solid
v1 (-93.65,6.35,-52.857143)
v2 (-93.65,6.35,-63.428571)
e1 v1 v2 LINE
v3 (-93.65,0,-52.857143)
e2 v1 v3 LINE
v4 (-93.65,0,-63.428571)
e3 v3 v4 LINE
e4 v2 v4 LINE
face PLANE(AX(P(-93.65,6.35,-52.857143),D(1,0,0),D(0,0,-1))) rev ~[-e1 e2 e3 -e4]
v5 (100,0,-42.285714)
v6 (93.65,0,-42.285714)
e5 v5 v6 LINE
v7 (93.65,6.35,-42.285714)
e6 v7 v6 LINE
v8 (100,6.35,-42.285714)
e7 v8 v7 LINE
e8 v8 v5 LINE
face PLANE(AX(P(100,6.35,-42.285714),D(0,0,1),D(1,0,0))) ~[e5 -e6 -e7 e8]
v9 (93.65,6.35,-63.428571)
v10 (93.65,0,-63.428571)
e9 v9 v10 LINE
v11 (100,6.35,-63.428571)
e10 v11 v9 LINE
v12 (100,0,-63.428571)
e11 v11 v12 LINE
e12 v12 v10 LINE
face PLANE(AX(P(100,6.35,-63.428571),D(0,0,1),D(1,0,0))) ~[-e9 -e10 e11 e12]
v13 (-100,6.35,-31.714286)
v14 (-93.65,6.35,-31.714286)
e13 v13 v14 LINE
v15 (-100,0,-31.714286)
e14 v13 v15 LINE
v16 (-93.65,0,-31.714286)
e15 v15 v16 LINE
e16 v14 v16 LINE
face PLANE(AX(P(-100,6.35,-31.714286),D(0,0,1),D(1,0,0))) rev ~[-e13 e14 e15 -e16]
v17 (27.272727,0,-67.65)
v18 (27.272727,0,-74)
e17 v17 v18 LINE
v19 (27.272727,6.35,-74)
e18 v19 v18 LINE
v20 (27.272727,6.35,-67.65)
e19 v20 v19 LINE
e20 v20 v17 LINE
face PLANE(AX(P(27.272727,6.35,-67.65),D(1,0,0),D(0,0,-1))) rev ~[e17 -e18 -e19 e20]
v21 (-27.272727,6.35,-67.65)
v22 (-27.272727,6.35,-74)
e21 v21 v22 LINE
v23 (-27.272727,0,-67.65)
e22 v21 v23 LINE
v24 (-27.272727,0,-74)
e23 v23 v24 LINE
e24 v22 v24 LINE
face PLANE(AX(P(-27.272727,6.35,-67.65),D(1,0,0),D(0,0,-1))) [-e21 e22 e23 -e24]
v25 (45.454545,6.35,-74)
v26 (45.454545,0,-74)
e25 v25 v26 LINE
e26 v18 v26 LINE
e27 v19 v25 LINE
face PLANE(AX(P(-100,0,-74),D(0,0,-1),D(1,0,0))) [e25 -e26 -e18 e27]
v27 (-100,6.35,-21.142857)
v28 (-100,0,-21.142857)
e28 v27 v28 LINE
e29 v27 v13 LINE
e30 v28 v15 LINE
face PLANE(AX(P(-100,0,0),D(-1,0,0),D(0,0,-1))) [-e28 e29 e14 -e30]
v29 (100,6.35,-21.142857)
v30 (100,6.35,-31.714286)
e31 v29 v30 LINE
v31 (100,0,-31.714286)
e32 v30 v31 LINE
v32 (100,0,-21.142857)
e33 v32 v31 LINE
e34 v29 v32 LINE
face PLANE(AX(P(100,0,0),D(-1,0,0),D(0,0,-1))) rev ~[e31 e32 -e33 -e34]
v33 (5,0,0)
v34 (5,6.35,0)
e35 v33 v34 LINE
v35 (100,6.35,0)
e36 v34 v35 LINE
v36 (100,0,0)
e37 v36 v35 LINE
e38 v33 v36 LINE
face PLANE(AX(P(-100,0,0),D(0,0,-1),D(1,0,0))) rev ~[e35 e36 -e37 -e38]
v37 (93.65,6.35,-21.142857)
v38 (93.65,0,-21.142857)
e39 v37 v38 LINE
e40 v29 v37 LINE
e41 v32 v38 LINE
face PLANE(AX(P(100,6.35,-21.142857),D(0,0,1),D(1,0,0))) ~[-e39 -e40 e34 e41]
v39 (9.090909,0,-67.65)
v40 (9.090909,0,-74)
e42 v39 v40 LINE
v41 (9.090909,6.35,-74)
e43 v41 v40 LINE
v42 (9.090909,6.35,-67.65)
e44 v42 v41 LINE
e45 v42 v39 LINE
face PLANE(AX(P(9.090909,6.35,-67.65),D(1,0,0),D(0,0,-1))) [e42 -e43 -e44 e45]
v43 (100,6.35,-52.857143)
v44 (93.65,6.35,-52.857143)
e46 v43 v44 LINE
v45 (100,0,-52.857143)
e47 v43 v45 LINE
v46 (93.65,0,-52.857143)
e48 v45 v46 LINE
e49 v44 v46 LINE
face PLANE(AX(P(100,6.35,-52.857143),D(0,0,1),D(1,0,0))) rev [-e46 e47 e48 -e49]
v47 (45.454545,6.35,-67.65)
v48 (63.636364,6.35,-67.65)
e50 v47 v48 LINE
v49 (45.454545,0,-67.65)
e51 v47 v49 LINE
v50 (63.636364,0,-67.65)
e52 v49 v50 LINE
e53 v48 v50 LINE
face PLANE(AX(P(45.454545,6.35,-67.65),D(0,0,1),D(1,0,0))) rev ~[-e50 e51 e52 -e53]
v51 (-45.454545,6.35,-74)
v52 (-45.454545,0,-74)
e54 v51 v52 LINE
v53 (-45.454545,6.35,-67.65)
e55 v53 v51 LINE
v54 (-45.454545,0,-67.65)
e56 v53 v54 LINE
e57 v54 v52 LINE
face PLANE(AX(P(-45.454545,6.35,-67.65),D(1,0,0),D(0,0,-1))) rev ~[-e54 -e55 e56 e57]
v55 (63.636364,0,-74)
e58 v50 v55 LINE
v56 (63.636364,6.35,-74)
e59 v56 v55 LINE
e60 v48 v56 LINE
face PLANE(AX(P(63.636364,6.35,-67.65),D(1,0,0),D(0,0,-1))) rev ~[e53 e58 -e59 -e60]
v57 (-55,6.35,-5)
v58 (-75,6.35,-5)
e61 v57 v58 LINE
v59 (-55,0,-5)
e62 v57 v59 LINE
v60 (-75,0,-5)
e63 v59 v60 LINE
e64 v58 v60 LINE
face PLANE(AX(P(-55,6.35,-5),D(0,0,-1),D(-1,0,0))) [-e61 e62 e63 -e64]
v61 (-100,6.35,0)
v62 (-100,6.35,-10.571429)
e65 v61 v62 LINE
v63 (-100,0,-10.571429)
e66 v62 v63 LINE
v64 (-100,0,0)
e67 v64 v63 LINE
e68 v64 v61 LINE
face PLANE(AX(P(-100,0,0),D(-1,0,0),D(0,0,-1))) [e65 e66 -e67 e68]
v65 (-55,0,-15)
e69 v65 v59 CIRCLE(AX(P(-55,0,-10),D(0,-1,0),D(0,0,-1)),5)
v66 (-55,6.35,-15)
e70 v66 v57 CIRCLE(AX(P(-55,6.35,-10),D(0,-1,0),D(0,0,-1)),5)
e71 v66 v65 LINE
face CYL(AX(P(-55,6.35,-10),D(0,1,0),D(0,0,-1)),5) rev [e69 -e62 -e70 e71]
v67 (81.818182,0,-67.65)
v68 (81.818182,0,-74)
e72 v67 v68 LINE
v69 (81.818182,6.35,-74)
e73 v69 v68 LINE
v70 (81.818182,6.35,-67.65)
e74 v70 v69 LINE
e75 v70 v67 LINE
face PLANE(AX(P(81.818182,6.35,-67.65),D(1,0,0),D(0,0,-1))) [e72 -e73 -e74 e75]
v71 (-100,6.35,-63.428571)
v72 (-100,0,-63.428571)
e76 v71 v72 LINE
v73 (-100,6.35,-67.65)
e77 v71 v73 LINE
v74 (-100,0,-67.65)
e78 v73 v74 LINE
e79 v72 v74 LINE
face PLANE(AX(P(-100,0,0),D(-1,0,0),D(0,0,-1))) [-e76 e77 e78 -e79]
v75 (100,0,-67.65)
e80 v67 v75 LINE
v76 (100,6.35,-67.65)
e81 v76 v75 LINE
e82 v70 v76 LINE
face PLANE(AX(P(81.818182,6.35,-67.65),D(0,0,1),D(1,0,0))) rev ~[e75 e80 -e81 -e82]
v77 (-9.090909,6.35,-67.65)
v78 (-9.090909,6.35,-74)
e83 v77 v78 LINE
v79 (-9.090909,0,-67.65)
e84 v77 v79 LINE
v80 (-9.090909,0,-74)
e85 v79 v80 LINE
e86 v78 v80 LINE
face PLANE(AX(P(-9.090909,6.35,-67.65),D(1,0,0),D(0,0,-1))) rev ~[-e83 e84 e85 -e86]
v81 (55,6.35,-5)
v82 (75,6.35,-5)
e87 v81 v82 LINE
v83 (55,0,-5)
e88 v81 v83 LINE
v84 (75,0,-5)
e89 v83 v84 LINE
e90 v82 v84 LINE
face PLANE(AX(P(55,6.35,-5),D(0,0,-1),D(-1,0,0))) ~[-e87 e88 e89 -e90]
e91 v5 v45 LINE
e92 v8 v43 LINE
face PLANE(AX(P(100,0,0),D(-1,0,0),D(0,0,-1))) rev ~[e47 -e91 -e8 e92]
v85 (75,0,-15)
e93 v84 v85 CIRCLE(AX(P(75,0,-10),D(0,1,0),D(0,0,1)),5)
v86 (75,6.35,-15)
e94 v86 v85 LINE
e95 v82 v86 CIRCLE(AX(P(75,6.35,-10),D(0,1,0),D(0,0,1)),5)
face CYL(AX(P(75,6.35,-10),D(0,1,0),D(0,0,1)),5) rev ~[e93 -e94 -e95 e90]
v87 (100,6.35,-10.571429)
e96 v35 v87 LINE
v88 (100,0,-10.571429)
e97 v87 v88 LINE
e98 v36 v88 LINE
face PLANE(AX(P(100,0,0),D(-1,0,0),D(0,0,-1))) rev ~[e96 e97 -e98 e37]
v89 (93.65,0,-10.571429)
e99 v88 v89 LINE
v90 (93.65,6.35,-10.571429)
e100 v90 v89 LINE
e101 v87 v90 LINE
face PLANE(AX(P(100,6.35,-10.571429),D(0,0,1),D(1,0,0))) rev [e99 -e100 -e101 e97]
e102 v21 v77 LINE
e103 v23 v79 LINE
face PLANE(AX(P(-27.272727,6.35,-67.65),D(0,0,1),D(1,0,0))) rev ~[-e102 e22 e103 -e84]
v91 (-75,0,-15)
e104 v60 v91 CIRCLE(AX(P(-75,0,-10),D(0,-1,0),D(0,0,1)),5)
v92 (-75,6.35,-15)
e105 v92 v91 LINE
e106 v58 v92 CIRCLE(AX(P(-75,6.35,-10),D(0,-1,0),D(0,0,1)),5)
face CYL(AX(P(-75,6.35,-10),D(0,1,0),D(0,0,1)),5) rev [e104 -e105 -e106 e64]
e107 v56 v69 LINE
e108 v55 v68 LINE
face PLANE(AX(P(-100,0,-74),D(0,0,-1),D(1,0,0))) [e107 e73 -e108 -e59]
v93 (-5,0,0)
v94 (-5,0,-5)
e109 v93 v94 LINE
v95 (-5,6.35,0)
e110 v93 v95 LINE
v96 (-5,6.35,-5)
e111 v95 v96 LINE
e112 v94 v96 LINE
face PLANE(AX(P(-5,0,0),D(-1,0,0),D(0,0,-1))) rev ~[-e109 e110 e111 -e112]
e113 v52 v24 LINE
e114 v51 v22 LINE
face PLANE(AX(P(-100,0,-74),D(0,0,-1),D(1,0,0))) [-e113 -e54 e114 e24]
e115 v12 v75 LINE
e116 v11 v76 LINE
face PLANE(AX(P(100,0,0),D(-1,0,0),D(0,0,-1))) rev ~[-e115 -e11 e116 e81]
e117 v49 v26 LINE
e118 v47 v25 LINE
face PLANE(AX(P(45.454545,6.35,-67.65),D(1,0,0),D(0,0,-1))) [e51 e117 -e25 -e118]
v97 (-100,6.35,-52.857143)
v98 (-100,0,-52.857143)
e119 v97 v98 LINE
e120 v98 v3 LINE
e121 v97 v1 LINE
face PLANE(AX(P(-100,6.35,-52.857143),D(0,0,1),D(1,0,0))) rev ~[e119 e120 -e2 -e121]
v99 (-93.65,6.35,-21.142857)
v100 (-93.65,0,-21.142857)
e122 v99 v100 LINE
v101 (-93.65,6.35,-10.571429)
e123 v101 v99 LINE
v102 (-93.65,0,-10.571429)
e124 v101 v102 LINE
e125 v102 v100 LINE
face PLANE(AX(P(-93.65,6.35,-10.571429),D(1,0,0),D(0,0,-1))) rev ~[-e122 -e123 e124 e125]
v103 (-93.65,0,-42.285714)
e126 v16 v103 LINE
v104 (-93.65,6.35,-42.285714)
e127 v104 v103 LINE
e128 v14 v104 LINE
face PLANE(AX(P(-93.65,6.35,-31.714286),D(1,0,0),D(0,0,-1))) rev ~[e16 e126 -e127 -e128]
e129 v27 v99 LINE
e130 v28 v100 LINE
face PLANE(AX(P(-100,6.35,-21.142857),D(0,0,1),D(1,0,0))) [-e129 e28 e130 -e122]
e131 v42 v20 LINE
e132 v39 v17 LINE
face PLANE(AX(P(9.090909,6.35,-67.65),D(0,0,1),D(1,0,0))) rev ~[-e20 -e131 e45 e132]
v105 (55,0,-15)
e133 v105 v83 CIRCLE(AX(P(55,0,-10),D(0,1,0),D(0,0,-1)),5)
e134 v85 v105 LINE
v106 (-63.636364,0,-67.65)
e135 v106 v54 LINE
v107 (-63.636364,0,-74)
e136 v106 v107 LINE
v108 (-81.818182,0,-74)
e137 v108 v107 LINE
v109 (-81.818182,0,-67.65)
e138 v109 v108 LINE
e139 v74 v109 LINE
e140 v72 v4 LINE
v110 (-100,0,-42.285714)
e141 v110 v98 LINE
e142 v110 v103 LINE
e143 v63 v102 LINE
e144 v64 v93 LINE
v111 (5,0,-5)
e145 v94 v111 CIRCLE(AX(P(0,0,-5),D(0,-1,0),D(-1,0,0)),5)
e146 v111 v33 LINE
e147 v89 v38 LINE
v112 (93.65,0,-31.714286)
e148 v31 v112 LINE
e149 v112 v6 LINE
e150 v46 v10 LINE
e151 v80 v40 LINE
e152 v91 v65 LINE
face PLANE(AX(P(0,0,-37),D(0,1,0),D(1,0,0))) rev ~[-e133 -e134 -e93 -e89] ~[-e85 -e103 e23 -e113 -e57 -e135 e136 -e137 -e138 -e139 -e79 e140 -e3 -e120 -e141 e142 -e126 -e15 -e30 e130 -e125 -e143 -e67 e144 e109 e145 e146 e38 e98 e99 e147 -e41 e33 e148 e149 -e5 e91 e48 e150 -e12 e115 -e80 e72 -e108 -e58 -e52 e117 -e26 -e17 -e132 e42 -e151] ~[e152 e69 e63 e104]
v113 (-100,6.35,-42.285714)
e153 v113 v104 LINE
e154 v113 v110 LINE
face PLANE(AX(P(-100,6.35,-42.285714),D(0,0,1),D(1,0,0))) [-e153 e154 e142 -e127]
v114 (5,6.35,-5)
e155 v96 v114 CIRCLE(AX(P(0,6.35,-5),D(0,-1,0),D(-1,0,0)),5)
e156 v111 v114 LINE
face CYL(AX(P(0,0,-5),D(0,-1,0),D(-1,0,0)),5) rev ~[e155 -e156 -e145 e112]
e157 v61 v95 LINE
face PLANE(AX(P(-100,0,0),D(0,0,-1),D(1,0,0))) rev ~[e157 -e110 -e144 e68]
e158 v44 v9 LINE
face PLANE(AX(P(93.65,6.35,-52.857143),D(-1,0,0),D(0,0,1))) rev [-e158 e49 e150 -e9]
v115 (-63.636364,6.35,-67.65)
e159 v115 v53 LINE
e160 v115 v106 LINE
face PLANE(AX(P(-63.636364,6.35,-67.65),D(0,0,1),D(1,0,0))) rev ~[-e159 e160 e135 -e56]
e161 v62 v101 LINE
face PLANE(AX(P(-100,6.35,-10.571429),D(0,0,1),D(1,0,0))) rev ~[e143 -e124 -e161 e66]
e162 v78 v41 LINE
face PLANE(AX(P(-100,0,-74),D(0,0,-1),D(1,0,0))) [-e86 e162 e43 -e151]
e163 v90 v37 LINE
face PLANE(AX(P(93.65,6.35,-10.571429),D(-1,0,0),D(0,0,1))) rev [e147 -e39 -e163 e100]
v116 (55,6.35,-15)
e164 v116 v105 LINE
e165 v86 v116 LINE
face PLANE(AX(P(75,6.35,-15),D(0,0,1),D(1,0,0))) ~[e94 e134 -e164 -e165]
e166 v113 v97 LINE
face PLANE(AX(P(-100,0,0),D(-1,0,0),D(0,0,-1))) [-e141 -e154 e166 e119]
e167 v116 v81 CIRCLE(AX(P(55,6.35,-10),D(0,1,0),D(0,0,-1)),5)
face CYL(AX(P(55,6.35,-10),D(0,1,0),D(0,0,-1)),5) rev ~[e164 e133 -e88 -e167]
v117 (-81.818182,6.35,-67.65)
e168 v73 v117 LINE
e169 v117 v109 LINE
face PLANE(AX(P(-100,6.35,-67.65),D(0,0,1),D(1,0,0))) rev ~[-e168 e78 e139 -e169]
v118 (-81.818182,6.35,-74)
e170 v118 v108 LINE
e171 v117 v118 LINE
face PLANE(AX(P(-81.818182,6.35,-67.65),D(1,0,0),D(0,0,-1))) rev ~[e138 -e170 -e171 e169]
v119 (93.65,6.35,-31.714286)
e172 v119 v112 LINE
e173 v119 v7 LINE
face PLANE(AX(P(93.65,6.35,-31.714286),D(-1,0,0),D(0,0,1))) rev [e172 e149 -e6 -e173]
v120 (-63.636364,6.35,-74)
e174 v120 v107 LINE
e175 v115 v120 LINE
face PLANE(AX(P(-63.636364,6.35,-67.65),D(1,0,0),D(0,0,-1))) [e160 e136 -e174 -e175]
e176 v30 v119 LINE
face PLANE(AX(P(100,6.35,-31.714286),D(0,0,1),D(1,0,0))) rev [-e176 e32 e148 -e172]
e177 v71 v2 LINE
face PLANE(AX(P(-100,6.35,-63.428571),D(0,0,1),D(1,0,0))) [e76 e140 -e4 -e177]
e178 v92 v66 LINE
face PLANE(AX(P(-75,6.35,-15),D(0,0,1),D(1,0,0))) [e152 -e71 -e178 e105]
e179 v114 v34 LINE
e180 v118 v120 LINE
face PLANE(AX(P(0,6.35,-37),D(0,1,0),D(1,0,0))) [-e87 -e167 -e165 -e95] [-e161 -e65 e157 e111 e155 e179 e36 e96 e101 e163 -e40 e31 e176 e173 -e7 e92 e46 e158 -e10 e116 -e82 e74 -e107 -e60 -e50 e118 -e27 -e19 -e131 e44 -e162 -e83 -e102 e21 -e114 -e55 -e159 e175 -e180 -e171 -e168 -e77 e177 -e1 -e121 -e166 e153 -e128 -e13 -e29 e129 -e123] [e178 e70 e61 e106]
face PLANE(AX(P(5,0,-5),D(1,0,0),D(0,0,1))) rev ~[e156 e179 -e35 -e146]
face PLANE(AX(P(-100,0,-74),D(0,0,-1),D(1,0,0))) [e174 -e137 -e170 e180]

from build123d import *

# Parameters (mm, degrees)
ESQUISSE1_W             = 200
ESQUISSE1_H             = 74
BOSS_EXTRU_1_DEPTH      = 6.35
ESQUISSE3_W             = 6.35
ESQUISSE3_H             = 10.571428572
ENL_V_MAT_EXTRU_1_DEPTH = 6.35
ESQUISSE4_W             = 18.181818182
ESQUISSE4_H             = 6.35
ESQUISSE4_W_2           = 18.181818181
ENL_V_MAT_EXTRU_2_DEPTH = 6.35
ENL_V_MAT_EXTRU_3_DEPTH = 6.35
ENL_V_MAT_EXTRU_4_DEPTH = 6.35


with BuildPart() as part:
    # Esquisse1 → Boss.-Extru.1 (new body)
    with BuildSketch(Plane(origin=(0, 0, 0), x_dir=(1, 0, 0), z_dir=(0, 1, 0))):
        with Locations((0, 37)):
            Rectangle(ESQUISSE1_W, ESQUISSE1_H)
    extrude(amount=BOSS_EXTRU_1_DEPTH)

    # Esquisse3 → Enlèv. mat.-Extru.1 (cut)
    with BuildSketch(Plane(origin=(0, 6.35, 0), x_dir=(1, 0, 0), z_dir=(0, 1, 0))):
        with Locations((-96.825, 15.857142857)):
            Rectangle(ESQUISSE3_W, ESQUISSE3_H)
        with Locations((-96.825, 37)):
            Rectangle(ESQUISSE3_W, ESQUISSE3_H)
        with Locations((-96.825, 58.142857143)):
            Rectangle(ESQUISSE3_W, ESQUISSE3_H)
    enl_v_mat_extru_1 = extrude(amount=-ENL_V_MAT_EXTRU_1_DEPTH, mode=Mode.SUBTRACT)

    # Symétrie1: Enlèv. mat.-Extru.1 across plane
    add(enl_v_mat_extru_1.mirror(Plane(origin=(0, 0, 0), x_dir=(0, 0, 1), z_dir=(1, 0, 0))), mode=Mode.SUBTRACT)

    # Esquisse4 → Enlèv. mat.-Extru.2 (cut)
    with BuildSketch(Plane(origin=(0, 6.35, 0), x_dir=(1, 0, 0), z_dir=(0, 1, 0))):
        with Locations((-90.909090909, 70.825)):
            Rectangle(ESQUISSE4_W, ESQUISSE4_H)
        with Locations((-54.545454546, 70.825)):
            Rectangle(ESQUISSE4_W_2, ESQUISSE4_H)
        with Locations((-18.181818182, 70.825)):
            Rectangle(ESQUISSE4_W, ESQUISSE4_H)
        with Locations((18.181818182, 70.825)):
            Rectangle(ESQUISSE4_W, ESQUISSE4_H)
        with Locations((54.545454546, 70.825)):
            Rectangle(ESQUISSE4_W_2, ESQUISSE4_H)
        with Locations((90.909090909, 70.825)):
            Rectangle(ESQUISSE4_W, ESQUISSE4_H)
    extrude(amount=-ENL_V_MAT_EXTRU_2_DEPTH, mode=Mode.SUBTRACT)

    # Esquisse5 → Enlèv. mat.-Extru.3 (cut)
    with BuildSketch(Plane(origin=(0, 6.35, 0), x_dir=(1, 0, 0), z_dir=(0, 1, 0))):
        with BuildLine():
            Line((-75, 15), (-55, 15))
            ThreePointArc((-55, 15), (-50, 10), (-55, 5))
            Line((-55, 5), (-75, 5))
            ThreePointArc((-75, 5), (-80, 10), (-75, 15))
        make_face()
    enl_v_mat_extru_3 = extrude(amount=-ENL_V_MAT_EXTRU_3_DEPTH, mode=Mode.SUBTRACT)

    # Symétrie2: Enlèv. mat.-Extru.3 across plane
    add(enl_v_mat_extru_3.mirror(Plane(origin=(0, 0, 0), x_dir=(0, 0, 1), z_dir=(1, 0, 0))), mode=Mode.SUBTRACT)

    # Esquisse6 → Enlèv. mat.-Extru.4 (cut)
    with BuildSketch(Plane.XZ):
        with BuildLine():
            Line((-5, 0), (-5, -5))
            ThreePointArc((-5, -5), (0, -10), (5, -5))
            Line((5, -5), (5, 0))
            Line((5, 0), (-5, 0))
        make_face()
    extrude(amount=-ENL_V_MAT_EXTRU_4_DEPTH, mode=Mode.SUBTRACT)


solid = part.part
